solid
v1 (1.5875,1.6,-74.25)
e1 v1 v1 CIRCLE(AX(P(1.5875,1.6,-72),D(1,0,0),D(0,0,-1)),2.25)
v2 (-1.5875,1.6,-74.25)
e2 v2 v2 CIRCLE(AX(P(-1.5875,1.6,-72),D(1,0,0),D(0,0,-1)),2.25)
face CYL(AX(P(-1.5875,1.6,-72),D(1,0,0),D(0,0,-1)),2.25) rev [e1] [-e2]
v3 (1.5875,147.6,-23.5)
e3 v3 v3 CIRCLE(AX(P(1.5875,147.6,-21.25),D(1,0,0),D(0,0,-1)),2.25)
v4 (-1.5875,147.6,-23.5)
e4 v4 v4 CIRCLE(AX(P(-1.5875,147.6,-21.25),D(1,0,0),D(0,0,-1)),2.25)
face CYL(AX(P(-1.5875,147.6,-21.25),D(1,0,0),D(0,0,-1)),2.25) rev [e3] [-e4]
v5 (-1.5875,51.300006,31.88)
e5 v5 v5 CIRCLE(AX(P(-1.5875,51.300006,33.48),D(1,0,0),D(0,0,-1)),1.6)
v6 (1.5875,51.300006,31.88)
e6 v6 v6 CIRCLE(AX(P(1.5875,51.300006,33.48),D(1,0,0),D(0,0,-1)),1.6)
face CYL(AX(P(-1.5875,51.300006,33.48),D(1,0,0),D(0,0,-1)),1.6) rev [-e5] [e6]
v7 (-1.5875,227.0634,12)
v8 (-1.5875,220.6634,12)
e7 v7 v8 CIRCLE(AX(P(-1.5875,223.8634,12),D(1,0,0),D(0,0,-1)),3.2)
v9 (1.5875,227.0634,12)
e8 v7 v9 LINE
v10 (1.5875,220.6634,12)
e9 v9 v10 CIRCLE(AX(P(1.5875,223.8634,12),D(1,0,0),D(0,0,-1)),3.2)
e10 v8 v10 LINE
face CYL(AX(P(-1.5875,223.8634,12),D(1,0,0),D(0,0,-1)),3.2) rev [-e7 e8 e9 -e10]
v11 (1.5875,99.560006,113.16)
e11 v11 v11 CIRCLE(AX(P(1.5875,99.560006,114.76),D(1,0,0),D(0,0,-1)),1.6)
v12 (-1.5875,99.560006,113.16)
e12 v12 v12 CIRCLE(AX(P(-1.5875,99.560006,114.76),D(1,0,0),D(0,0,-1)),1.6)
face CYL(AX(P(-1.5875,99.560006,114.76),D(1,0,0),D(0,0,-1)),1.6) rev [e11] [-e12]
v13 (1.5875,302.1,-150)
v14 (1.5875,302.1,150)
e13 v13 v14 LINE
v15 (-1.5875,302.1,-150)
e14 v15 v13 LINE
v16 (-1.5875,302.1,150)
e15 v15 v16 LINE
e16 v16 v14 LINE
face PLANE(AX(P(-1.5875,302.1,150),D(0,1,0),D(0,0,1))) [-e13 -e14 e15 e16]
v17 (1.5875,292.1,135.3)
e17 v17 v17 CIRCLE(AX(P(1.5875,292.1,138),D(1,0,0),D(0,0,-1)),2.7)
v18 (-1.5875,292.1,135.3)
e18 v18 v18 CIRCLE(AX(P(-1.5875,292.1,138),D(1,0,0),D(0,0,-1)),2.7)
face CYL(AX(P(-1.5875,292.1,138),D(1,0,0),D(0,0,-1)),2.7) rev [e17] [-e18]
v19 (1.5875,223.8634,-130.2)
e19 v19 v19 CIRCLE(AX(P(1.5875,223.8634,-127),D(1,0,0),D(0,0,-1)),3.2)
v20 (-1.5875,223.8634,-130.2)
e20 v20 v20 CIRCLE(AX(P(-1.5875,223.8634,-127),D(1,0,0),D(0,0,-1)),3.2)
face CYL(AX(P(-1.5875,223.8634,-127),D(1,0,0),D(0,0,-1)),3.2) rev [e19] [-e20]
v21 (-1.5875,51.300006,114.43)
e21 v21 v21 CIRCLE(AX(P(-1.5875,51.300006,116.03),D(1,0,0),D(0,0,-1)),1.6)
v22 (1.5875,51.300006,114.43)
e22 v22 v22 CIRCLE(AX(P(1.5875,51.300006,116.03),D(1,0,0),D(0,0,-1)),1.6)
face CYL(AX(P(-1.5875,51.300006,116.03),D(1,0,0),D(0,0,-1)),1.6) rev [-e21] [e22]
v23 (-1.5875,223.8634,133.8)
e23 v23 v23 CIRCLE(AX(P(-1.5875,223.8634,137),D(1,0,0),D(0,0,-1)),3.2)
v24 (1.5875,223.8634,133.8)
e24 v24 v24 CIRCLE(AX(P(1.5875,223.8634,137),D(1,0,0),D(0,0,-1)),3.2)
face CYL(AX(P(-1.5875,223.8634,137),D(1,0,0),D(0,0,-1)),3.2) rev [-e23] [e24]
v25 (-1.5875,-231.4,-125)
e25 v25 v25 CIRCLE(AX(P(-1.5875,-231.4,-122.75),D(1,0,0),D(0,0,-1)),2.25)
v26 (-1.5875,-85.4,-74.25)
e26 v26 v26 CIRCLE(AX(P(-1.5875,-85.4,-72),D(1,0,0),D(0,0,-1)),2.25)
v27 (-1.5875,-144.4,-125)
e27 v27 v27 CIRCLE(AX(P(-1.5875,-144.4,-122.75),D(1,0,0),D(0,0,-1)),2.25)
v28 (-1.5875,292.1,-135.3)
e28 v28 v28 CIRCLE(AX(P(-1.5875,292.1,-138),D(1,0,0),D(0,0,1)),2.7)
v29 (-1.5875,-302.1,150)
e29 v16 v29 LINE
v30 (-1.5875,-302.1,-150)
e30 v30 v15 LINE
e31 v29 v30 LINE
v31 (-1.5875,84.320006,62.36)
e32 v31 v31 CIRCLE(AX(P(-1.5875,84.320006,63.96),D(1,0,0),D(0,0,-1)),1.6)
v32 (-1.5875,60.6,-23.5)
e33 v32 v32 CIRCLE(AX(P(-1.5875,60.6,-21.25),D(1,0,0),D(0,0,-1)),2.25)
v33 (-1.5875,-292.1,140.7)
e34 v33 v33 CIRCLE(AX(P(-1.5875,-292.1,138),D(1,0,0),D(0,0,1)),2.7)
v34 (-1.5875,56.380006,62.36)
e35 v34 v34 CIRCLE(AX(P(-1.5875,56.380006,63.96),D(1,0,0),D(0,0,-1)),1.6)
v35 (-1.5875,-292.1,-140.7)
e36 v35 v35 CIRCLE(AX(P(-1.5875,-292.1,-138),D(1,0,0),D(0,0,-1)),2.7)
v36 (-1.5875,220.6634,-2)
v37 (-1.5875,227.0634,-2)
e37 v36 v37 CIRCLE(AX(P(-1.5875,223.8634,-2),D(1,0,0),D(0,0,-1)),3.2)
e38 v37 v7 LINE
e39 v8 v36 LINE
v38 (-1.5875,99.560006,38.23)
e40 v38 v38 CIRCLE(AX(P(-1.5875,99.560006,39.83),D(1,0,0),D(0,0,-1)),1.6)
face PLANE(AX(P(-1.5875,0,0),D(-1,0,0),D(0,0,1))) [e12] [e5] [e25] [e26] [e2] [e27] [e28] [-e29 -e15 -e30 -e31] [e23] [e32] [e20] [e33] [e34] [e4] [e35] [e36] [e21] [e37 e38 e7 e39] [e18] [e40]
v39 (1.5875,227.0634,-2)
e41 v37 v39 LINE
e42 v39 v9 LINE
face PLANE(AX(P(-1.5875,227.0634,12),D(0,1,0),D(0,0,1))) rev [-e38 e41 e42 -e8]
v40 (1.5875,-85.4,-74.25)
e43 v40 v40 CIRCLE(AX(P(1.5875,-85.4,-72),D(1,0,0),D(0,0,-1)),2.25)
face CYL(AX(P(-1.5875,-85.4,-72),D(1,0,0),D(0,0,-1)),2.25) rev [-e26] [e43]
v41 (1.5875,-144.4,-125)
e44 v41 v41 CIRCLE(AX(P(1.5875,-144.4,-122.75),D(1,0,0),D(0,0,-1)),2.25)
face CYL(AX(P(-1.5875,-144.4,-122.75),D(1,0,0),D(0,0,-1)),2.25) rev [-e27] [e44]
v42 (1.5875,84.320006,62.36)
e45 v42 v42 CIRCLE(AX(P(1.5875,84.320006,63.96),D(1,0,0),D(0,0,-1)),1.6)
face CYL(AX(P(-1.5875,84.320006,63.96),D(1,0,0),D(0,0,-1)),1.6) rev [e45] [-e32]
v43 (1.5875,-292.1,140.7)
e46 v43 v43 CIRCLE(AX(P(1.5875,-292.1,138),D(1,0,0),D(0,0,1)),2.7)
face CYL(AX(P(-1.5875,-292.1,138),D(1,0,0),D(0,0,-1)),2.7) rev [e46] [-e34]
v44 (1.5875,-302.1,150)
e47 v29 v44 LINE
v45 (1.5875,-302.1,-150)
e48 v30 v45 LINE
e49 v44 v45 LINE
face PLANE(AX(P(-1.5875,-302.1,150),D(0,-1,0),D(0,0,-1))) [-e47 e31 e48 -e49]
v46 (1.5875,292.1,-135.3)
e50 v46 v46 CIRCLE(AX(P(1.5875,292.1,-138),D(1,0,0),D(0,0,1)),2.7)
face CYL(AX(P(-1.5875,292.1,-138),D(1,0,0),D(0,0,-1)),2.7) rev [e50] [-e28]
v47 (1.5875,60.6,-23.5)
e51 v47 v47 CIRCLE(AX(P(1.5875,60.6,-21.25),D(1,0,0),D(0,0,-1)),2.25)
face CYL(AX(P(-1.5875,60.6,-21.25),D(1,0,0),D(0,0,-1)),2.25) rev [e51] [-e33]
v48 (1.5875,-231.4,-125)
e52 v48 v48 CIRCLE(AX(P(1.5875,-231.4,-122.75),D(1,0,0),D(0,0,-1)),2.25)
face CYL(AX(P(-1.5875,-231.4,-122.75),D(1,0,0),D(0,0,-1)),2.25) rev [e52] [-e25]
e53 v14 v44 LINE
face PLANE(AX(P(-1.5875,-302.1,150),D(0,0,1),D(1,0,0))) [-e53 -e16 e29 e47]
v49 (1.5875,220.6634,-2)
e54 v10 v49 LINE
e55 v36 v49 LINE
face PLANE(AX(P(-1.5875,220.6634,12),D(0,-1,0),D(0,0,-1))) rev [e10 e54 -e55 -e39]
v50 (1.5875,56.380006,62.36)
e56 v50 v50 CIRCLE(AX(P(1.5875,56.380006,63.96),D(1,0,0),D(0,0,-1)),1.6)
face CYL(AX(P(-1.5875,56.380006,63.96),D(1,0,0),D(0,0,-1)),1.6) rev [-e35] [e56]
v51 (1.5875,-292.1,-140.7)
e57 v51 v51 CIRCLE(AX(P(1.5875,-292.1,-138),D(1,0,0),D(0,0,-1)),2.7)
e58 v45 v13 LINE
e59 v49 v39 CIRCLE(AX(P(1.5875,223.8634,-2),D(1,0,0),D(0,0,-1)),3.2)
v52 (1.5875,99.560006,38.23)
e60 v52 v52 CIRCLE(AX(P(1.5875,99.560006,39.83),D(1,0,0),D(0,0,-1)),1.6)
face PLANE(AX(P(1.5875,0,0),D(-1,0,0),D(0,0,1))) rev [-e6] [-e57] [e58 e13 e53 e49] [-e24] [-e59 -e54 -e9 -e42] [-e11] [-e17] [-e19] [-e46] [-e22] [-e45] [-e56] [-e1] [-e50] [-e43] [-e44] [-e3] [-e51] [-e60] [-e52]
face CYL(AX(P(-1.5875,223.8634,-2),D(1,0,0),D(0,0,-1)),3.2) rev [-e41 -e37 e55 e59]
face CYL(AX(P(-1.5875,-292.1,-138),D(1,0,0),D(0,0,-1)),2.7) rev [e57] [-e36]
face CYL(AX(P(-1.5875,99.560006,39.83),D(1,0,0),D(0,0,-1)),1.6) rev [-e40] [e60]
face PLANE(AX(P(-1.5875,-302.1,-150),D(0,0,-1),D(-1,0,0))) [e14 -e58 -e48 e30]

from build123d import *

# Parameters (mm, degrees)
BOSS_EXTRUDE1_DEPTH      = 1.5875
BOSS_EXTRUDE1_DEPTH_BACK = 1.5875
SKETCH1_W                = 300
SKETCH1_H                = 604.2
CUT_EXTRUDE1_DEPTH       = 338.29353708
CUT_EXTRUDE1_DEPTH_BACK  = 338.29353708
SKETCH2_R                = 2.7
CUT_EXTRUDE2_DEPTH       = 338.29353708
CUT_EXTRUDE2_DEPTH_BACK  = 338.29353708
SKETCH3_R                = 1.6
SKETCH3_R_2              = 2.25
SKETCH3_R_3              = 3.2


with BuildPart() as part:
    # Sketch1 → Boss-Extrude1 (new, two sides: drawn at the far end of the back side and taken through both)
    with BuildSketch(Plane(origin=(0, 0, 0), x_dir=(0, 0, -1), z_dir=(1, 0, 0)).offset(-BOSS_EXTRUDE1_DEPTH_BACK)):
        Rectangle(SKETCH1_W, SKETCH1_H)
    extrude(amount=BOSS_EXTRUDE1_DEPTH + BOSS_EXTRUDE1_DEPTH_BACK)

    # Sketch2 → Cut-Extrude1 (cut, two sides: drawn at the far end of the back side and taken through both)
    with BuildSketch(Plane(origin=(0, 0, 0), x_dir=(0, 0, -1), z_dir=(1, 0, 0)).offset(-CUT_EXTRUDE1_DEPTH_BACK)):
        with Locations((-138, 292.1)):
            Circle(SKETCH2_R)
        with Locations((138, 292.1)):
            Circle(SKETCH2_R)
        with Locations((138, -292.1)):
            Circle(SKETCH2_R)
        with Locations((-138, -292.1)):
            Circle(SKETCH2_R)
    extrude(amount=CUT_EXTRUDE1_DEPTH + CUT_EXTRUDE1_DEPTH_BACK, mode=Mode.SUBTRACT)

    # Sketch3 → Cut-Extrude2 (cut, two sides: drawn at the far end of the back side and taken through both)
    with BuildSketch(Plane(origin=(0, 0, 0), x_dir=(0, 0, -1), z_dir=(1, 0, 0)).offset(-CUT_EXTRUDE2_DEPTH_BACK)):
        with Locations((-116.03, 51.300005788)):
            Circle(SKETCH3_R)
        with Locations((-114.76, 99.560005788)):
            Circle(SKETCH3_R)
        with Locations((-63.96, 56.380005788)):
            Circle(SKETCH3_R)
        with Locations((-63.96, 84.320005788)):
            Circle(SKETCH3_R)
        with Locations((-33.48, 51.300005788)):
            Circle(SKETCH3_R)
        with Locations((-39.83, 99.560005788)):
            Circle(SKETCH3_R)
        with Locations((21.25, 60.6)):
            Circle(SKETCH3_R_2)
        with Locations((21.25, 147.6)):
            Circle(SKETCH3_R_2)
        with Locations((72, 1.6)):
            Circle(SKETCH3_R_2)
        with Locations((72, -85.4)):
            Circle(SKETCH3_R_2)
        with Locations((122.75, -144.4)):
            Circle(SKETCH3_R_2)
        with Locations((122.75, -231.4)):
            Circle(SKETCH3_R_2)
        with Locations((-137, 223.8634)):
            Circle(SKETCH3_R_3)
        with Locations((127, 223.8634)):
            Circle(SKETCH3_R_3)
        with BuildLine():
            Line((-12, 227.0634), (2, 227.0634))
            ThreePointArc((2, 227.0634), (5.2, 223.8634), (2, 220.6634))
            Line((2, 220.6634), (-12, 220.6634))
            ThreePointArc((-12, 220.6634), (-15.2, 223.8634), (-12, 227.0634))
        make_face()
    extrude(amount=CUT_EXTRUDE2_DEPTH + CUT_EXTRUDE2_DEPTH_BACK, mode=Mode.SUBTRACT)


solid = part.part
